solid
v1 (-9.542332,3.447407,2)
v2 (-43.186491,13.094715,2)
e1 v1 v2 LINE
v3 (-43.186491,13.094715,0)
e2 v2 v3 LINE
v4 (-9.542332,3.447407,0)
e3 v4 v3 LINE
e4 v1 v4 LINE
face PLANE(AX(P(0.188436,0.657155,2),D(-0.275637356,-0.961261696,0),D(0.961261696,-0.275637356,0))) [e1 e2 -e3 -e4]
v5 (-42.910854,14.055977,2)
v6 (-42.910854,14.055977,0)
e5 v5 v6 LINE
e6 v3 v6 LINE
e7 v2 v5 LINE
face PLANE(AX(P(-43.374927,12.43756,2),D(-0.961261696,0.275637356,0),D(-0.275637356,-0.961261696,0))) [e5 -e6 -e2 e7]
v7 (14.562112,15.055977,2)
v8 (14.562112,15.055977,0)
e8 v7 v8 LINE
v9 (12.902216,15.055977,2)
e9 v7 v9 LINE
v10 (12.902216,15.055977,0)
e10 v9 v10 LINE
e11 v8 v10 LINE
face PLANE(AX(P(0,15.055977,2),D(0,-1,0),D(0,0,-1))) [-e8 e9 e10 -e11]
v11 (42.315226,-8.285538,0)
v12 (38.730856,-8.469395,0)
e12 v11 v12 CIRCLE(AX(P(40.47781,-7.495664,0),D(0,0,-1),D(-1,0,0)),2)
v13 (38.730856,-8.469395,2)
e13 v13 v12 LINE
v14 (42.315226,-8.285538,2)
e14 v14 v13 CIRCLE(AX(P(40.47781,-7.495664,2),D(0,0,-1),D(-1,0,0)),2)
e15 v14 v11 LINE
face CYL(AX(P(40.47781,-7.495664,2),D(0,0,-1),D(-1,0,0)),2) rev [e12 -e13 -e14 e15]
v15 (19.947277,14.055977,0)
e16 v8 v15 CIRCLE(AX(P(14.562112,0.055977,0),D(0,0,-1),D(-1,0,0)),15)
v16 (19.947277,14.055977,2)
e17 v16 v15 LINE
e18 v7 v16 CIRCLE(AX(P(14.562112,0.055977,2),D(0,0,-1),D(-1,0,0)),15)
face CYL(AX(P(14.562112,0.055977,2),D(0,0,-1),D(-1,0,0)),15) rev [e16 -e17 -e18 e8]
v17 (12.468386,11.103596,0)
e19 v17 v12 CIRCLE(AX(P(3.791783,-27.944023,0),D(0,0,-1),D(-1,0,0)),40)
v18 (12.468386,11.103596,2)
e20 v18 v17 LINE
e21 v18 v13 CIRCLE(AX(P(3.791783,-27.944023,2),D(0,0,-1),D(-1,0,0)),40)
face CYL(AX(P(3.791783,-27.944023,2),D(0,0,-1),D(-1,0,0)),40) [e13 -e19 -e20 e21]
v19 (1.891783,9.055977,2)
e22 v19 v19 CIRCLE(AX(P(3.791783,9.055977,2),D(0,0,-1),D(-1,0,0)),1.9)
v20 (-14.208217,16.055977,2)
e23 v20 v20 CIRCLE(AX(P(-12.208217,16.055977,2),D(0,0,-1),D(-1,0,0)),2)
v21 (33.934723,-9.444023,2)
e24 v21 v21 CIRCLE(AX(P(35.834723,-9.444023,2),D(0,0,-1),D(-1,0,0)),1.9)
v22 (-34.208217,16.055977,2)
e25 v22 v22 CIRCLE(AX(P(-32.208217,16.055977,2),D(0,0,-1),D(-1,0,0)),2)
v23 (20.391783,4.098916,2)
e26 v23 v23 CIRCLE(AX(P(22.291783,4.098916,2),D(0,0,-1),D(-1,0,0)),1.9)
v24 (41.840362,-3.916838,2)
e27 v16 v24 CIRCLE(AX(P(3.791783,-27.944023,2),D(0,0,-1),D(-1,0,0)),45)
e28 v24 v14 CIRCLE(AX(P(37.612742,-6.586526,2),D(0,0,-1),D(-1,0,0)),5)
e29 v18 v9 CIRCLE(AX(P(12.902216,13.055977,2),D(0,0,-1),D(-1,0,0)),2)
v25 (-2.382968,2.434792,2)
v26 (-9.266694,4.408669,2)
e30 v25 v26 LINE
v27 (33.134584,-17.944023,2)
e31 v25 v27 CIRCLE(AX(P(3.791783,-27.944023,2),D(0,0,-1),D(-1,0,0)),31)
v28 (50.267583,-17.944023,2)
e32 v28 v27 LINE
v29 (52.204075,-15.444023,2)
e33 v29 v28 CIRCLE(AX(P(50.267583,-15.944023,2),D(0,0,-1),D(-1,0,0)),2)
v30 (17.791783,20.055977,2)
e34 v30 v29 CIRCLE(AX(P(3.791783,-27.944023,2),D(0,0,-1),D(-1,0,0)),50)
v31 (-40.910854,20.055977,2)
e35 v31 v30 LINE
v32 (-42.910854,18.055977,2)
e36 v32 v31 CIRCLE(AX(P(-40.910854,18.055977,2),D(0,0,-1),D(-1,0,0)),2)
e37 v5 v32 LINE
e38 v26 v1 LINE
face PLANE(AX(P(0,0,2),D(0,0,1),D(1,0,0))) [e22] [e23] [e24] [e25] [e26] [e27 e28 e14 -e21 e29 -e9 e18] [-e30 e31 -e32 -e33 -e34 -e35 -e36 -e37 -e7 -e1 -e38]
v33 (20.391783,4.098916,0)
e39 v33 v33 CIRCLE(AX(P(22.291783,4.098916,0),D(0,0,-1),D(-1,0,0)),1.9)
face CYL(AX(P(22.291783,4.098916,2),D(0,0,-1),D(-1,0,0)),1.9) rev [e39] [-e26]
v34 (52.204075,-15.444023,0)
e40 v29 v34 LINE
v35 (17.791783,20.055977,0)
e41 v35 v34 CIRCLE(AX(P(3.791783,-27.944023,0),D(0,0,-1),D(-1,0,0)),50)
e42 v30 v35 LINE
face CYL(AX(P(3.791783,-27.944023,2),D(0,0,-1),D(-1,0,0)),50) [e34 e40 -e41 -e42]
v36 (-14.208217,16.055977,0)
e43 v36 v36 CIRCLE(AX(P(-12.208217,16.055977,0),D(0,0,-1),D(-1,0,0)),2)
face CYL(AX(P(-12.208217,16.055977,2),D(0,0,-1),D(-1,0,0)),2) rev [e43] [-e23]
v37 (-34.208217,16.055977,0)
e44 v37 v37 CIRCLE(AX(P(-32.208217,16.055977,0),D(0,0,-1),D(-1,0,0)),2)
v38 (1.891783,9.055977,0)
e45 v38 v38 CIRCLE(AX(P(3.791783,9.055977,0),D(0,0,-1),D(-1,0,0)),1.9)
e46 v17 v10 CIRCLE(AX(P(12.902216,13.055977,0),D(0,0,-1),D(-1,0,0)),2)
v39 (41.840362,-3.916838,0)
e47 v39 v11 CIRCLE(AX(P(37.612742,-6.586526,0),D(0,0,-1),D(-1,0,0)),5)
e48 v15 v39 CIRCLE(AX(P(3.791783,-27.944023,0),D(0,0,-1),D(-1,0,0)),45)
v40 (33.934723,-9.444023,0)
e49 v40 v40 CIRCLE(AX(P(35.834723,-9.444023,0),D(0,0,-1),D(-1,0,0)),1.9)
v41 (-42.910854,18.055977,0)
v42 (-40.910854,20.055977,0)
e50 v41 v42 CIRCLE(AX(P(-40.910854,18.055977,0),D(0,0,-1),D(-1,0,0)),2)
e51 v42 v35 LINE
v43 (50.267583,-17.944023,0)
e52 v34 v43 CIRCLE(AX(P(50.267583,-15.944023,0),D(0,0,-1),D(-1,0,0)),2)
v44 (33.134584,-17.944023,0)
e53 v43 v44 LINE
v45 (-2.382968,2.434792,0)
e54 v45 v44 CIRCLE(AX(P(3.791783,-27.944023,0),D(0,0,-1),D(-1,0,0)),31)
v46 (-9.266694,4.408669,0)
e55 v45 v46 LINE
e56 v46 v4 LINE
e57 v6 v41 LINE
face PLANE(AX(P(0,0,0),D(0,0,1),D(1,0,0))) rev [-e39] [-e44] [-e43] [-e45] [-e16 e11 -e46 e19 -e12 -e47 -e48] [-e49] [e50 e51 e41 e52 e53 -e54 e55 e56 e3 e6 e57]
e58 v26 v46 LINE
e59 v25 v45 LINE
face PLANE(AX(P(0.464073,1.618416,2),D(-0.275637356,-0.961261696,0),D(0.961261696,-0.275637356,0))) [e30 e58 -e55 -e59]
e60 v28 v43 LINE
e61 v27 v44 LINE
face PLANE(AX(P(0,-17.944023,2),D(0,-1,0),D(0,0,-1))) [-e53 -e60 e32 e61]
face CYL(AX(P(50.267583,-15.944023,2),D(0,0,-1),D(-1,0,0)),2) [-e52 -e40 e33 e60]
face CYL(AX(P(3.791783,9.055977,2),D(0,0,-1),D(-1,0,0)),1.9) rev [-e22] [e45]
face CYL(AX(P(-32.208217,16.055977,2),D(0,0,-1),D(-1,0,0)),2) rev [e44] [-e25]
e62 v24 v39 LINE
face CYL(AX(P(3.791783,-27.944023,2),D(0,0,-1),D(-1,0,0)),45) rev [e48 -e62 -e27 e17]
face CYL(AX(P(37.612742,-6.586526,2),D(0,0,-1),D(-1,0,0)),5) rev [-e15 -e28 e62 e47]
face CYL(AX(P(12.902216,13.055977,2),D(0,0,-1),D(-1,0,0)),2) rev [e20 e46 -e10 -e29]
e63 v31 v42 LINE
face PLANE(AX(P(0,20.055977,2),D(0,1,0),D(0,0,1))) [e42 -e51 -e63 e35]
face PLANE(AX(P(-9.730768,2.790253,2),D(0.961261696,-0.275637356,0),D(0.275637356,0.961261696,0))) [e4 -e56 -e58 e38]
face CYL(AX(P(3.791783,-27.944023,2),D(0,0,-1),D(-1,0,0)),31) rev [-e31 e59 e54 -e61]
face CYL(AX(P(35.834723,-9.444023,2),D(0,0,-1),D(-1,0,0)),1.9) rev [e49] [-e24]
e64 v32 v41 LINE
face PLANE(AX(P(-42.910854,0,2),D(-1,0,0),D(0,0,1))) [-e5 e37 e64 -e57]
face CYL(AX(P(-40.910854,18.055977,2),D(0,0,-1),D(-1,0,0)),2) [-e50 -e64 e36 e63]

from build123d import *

# Parameters (mm, degrees)
SKETCH_1_W          = 128.43547374
SKETCH_1_H          = 65.471989544
EXTRUDE_1_DEPTH     = 2
SKETCH_2_W          = 128.43547374
SKETCH_2_H          = 65.471989544
CUT_EXTRUDE_1_DEPTH = 2
SKETCH_3_R          = 2
SKETCH_3_R_2        = 1.9
CUT_EXTRUDE_2_DEPTH = 2


with BuildPart() as part:
    # 草图1 → 凸台-拉伸1 (new body)
    with BuildSketch(Plane.XY):
        Rectangle(SKETCH_1_W, SKETCH_1_H)
    extrude(amount=EXTRUDE_1_DEPTH)

    # 草图2 → 切除-拉伸1 (cut)
    # profile 1 of 2: a face of its own
    with BuildSketch(Plane(origin=(0, 0, 0), x_dir=(-1, 0, 0), z_dir=(0, 0, -1))):
        Rectangle(SKETCH_2_W, SKETCH_2_H)
        with BuildLine():
            Line((9.542331638, 3.44740736), (9.266694282, 4.408669056))
            Line((9.266694282, 4.408669056), (2.382968092, 2.434792334))
            ThreePointArc((2.382968092, 2.434792334), (-19.219474678, -1.055618469), (-33.134584344, -17.944023491))
            Line((-33.134584344, -17.944023491), (-50.267582996, -17.944023491))
            ThreePointArc((-50.267582996, -17.944023491), (-51.848721826, -17.168768362), (-52.204074669, -15.444023491))
            ThreePointArc((-52.204074669, -15.444023491), (-39.692841918, 6.857039096), (-17.791782842, 20.055976509))
            Line((-17.791782842, 20.055976509), (40.91085364, 20.055976509))
            ThreePointArc((40.91085364, 20.055976509), (42.325067202, 19.470190071), (42.91085364, 18.055976509))
            Line((42.91085364, 18.055976509), (42.91085364, 14.055976509))
            Line((42.91085364, 14.055976509), (43.186490996, 13.094714813))
            Line((43.186490996, 13.094714813), (9.542331638, 3.44740736))
        make_face(mode=Mode.SUBTRACT)
    # profile 2 of 2: a face of its own
    with BuildSketch(Plane(origin=(0, 0, 0), x_dir=(-1, 0, 0), z_dir=(0, 0, -1))):
        with BuildLine():
            ThreePointArc((-12.46838625, 11.103595557), (-10.914156826, 13.274194399), (-12.902216421, 15.055976509))
            Line((-12.902216421, 15.055976509), (-14.562112456, 15.055976509))
            ThreePointArc((-14.562112456, 15.055976509), (-17.300725243, 14.803857713), (-19.947277263, 14.055976509))
            ThreePointArc((-19.947277263, 14.055976509), (-32.344819708, 6.837064556), (-41.840361935, -3.916838284))
            ThreePointArc((-41.840361935, -3.916838284), (-42.583463702, -6.046223655), (-42.315225959, -8.285538463))
            ThreePointArc((-42.315225959, -8.285538463), (-40.580263178, -9.493037777), (-38.730856221, -8.469395089))
            ThreePointArc((-38.730856221, -8.469395089), (-27.694864361, 4.128436562), (-12.46838625, 11.103595557))
        make_face()
    extrude(amount=-CUT_EXTRUDE_1_DEPTH, mode=Mode.SUBTRACT)

    # 草图3 → 切除-拉伸2 (cut)
    with BuildSketch(Plane(origin=(0, 0, 0), x_dir=(-1, 0, 0), z_dir=(0, 0, -1))):
        with Locations((32.208217158, 16.055976509)):
            Circle(SKETCH_3_R)
        with Locations((12.208217158, 16.055976509)):
            Circle(SKETCH_3_R)
        with Locations((-3.791782842, 9.055976509)):
            Circle(SKETCH_3_R_2)
        with Locations((-35.834722782, -9.444023491)):
            Circle(SKETCH_3_R_2)
        with Locations((-22.291782842, 4.098916449)):
            Circle(SKETCH_3_R_2)
    extrude(amount=-CUT_EXTRUDE_2_DEPTH, mode=Mode.SUBTRACT)


solid = part.part
